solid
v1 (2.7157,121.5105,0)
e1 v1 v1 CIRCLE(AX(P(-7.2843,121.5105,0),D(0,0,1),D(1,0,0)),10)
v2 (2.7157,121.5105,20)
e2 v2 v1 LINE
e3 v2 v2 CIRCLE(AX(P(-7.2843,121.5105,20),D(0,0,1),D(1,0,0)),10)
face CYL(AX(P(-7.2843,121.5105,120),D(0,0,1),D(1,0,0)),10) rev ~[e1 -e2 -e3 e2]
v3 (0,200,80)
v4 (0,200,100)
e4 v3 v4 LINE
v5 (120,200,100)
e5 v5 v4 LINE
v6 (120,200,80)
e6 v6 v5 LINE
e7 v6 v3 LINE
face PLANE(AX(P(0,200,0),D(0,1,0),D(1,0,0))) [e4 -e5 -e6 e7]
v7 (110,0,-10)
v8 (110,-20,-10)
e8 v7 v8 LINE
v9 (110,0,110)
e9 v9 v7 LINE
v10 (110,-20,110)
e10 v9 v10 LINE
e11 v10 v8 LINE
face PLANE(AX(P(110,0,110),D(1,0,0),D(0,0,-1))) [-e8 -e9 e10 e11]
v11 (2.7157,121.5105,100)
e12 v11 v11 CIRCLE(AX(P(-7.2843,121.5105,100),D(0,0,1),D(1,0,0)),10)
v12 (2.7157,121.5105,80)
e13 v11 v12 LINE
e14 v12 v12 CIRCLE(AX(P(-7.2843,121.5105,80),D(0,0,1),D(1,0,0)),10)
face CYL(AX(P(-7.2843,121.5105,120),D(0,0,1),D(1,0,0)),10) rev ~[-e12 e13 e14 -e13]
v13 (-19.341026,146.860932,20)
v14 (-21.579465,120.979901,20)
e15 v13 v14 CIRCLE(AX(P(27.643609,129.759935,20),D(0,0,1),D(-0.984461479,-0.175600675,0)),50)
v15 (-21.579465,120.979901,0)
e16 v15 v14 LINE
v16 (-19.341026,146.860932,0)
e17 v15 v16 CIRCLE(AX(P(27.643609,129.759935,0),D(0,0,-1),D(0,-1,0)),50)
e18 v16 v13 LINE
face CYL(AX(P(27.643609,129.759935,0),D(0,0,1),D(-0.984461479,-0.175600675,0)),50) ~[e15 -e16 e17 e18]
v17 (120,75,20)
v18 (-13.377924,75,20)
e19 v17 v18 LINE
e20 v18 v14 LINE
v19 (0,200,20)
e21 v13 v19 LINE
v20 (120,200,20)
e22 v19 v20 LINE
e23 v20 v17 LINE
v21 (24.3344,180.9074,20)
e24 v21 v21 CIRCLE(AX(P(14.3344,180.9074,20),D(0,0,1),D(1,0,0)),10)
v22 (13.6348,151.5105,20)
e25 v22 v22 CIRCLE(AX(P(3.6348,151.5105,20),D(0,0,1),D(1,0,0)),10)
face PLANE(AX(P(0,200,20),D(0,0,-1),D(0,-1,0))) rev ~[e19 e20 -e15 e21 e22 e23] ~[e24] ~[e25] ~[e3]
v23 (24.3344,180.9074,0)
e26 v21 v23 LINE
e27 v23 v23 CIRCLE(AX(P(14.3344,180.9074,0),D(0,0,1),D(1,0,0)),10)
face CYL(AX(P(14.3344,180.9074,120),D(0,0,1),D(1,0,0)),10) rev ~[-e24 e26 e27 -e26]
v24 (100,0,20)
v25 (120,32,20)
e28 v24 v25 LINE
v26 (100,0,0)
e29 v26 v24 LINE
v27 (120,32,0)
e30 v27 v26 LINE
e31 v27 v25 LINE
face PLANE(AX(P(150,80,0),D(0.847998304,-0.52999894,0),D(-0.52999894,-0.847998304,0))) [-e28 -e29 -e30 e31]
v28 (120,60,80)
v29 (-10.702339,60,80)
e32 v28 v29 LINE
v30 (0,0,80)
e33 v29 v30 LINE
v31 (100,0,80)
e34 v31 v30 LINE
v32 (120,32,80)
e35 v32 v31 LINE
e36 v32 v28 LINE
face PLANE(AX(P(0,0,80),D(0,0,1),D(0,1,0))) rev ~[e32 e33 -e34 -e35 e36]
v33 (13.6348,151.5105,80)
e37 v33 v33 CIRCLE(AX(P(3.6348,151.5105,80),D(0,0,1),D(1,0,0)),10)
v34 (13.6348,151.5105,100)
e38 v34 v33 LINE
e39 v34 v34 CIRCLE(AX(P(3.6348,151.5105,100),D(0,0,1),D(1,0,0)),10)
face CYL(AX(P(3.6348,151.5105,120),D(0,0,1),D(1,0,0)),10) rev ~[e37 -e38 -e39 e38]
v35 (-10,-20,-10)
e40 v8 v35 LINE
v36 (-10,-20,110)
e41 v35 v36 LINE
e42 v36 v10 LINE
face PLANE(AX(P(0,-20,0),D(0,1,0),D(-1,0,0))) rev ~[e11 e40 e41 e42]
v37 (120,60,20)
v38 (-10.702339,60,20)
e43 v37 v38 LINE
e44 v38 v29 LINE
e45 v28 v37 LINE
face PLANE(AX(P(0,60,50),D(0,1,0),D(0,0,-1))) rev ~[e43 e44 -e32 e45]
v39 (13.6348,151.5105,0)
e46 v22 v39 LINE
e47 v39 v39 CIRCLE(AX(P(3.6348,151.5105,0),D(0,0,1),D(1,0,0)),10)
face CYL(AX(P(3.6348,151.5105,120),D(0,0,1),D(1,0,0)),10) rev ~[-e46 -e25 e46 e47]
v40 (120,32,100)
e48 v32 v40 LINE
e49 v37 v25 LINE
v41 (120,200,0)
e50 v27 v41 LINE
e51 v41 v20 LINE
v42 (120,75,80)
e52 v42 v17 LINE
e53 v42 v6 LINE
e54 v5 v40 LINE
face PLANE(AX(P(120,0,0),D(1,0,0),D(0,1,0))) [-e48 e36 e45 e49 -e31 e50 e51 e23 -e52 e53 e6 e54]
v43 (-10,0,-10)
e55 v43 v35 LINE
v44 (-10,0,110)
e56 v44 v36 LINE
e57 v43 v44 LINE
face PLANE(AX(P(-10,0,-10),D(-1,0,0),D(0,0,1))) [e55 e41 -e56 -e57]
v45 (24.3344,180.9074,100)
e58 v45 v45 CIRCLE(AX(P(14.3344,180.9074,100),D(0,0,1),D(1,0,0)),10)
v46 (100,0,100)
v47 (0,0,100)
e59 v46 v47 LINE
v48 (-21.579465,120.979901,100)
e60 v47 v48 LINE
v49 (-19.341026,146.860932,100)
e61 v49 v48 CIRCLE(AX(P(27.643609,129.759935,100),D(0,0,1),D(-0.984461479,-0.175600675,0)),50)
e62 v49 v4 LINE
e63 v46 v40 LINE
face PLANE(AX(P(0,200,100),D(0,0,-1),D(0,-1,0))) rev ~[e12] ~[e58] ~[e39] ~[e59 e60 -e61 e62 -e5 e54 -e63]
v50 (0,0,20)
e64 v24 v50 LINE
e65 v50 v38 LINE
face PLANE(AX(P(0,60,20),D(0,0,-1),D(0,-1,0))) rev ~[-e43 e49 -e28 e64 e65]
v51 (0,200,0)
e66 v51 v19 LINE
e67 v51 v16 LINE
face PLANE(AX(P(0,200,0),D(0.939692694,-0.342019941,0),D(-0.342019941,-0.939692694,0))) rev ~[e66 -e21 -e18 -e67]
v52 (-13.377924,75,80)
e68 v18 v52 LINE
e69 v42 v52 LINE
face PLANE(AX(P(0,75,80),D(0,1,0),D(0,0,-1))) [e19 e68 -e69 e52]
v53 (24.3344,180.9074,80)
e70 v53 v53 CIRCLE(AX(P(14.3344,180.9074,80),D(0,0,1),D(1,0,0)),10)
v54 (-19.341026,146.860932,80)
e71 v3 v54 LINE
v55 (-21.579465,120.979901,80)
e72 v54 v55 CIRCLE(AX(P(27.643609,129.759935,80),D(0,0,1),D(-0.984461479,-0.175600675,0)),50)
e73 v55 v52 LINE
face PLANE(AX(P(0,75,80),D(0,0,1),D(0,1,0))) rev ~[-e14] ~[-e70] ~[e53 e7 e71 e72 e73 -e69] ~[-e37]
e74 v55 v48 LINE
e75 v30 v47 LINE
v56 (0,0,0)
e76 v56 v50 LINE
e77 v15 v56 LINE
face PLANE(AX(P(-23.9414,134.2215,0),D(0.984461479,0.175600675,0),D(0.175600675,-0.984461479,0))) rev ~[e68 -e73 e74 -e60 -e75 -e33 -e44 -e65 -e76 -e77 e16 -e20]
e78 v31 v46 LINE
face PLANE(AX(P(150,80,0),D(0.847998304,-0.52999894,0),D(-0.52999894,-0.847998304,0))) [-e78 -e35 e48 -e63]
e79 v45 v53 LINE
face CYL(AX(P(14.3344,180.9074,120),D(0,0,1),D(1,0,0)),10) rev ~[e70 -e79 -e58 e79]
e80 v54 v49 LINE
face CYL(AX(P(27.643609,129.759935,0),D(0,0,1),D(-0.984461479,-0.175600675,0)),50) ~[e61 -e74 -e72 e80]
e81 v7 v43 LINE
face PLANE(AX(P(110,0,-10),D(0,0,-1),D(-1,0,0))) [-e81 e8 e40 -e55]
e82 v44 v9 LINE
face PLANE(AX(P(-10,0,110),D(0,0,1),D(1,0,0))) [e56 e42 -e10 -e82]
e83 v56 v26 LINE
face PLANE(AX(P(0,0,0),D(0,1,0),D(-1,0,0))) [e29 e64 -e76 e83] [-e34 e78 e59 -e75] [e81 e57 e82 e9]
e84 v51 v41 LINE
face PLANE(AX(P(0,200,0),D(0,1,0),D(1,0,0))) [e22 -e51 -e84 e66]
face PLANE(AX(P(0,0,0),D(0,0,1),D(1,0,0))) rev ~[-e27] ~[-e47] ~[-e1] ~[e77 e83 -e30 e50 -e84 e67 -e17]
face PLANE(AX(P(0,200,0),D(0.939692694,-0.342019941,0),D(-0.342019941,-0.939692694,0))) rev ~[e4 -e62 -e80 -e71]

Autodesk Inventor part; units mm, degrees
ref_plane "YZ Plane" through (0, 0, 0) normal (1, 0, 0) x (0, 1, 0)
ref_plane "XZ Plane" through (0, 0, 0) normal (0, 1, 0) x (-1, 0, 0)
ref_plane "XY Plane" through (0, 0, 0) normal (0, 0, 1) x (1, 0, 0)
sketch "Sketch1" plane through (0, 0, 0) normal (0, 0, 1) x (1, 0, 0)
  line L0 (0, 0) -> (100, 0)
  line L1 (0, 200) -> (150, 200)
  line L2 (150, 200) -> (150, 80)
  line L3 (150, 80) -> (100, 0)
  line L4 (0, 200) -> (-23.9414, 134.2215)
  line L5 (0, 200) -> (70, 200) construction
  line L6 (-23.9414, 134.2215) -> (0, 0)
extrude "Extrusion1" add sketch "Sketch1" along normal blind 120
fillet "Fillet1" radius 50 1 edges at (-23.9414, 134.2215, 60)
sketch "Sketch3" plane through (0, 0, 120) normal (0, 0, 1) x (1, 0, 0)
  line L0 (0, 200) -> (-19.341, 146.861) projected
  circle A0 centre (14.3344, 180.9074) radius 10
  line L1 (14.3344, 180.9074) -> (10.9142, 171.5105)
  line L2 (14.3344, 180.9074) -> (133.919, 180.9074) construction
  circle A1 centre (3.6348, 151.5105) radius 10
  circle A2 centre (-7.2843, 121.5105) radius 10
  dimension "d9" = 20
  dimension "d10" = 20
  dimension "d12" = 20
  dimension "d13" = 20
  dimension "d14" = 30
  dimension "d15" = 20
extrude "Extrusion2" cut sketch "Sketch3" against normal blind 120
sketch "Sketch4" plane through (0, 0, 0) normal (1, 0, 0) x (0, 1, 0)
  line L0 (0, 0) -> (200, 0)
  line L1 (200, 100) -> (0, 100)
  line L2 (200, 20) -> (0, 80) construction
  line L3 (0, 20) -> (200, 80) construction
  line L4 (200, 0) -> (200, 20)
  line L5 (200, 80) -> (200, 100)
  line L6 (0, 100) -> (0, 80)
  line L7 (0, 20) -> (0, 0)
  line L8 (60, 50) -> (60, 20)
  line L9 (60, 50) -> (60, 80)
  line L10 (75, 80) -> (75, 20)
  line L11 (200, 20) -> (75, 20)
  line L12 (60, 20) -> (0, 20)
  line L13 (0, 80) -> (60, 80)
  line L14 (75, 80) -> (200, 80)
  point P0 (100, 50)
extrude "Extrusion3" cut sketch "Sketch4" along normal mid plane 240 keep common part
sketch "Sketch5" plane through (0, 0, 0) normal (0, 1, 0) x (-1, 0, 0)
  line L0 (10, 110) -> (-110, 110)
  line L1 (-110, 110) -> (-110, -10)
  line L2 (-110, -10) -> (10, -10)
  line L3 (10, -10) -> (10, 110)
  line L4 (10, 110) -> (-110, -10) construction
  line L5 (-110, 110) -> (10, -10) construction
  point P0 (0, 0)
  dimension "d28" = 120
  dimension "d29" = 120
extrude "Extrusion4" add sketch "Sketch5" against normal blind 20
properties part number "BADAN 3"
